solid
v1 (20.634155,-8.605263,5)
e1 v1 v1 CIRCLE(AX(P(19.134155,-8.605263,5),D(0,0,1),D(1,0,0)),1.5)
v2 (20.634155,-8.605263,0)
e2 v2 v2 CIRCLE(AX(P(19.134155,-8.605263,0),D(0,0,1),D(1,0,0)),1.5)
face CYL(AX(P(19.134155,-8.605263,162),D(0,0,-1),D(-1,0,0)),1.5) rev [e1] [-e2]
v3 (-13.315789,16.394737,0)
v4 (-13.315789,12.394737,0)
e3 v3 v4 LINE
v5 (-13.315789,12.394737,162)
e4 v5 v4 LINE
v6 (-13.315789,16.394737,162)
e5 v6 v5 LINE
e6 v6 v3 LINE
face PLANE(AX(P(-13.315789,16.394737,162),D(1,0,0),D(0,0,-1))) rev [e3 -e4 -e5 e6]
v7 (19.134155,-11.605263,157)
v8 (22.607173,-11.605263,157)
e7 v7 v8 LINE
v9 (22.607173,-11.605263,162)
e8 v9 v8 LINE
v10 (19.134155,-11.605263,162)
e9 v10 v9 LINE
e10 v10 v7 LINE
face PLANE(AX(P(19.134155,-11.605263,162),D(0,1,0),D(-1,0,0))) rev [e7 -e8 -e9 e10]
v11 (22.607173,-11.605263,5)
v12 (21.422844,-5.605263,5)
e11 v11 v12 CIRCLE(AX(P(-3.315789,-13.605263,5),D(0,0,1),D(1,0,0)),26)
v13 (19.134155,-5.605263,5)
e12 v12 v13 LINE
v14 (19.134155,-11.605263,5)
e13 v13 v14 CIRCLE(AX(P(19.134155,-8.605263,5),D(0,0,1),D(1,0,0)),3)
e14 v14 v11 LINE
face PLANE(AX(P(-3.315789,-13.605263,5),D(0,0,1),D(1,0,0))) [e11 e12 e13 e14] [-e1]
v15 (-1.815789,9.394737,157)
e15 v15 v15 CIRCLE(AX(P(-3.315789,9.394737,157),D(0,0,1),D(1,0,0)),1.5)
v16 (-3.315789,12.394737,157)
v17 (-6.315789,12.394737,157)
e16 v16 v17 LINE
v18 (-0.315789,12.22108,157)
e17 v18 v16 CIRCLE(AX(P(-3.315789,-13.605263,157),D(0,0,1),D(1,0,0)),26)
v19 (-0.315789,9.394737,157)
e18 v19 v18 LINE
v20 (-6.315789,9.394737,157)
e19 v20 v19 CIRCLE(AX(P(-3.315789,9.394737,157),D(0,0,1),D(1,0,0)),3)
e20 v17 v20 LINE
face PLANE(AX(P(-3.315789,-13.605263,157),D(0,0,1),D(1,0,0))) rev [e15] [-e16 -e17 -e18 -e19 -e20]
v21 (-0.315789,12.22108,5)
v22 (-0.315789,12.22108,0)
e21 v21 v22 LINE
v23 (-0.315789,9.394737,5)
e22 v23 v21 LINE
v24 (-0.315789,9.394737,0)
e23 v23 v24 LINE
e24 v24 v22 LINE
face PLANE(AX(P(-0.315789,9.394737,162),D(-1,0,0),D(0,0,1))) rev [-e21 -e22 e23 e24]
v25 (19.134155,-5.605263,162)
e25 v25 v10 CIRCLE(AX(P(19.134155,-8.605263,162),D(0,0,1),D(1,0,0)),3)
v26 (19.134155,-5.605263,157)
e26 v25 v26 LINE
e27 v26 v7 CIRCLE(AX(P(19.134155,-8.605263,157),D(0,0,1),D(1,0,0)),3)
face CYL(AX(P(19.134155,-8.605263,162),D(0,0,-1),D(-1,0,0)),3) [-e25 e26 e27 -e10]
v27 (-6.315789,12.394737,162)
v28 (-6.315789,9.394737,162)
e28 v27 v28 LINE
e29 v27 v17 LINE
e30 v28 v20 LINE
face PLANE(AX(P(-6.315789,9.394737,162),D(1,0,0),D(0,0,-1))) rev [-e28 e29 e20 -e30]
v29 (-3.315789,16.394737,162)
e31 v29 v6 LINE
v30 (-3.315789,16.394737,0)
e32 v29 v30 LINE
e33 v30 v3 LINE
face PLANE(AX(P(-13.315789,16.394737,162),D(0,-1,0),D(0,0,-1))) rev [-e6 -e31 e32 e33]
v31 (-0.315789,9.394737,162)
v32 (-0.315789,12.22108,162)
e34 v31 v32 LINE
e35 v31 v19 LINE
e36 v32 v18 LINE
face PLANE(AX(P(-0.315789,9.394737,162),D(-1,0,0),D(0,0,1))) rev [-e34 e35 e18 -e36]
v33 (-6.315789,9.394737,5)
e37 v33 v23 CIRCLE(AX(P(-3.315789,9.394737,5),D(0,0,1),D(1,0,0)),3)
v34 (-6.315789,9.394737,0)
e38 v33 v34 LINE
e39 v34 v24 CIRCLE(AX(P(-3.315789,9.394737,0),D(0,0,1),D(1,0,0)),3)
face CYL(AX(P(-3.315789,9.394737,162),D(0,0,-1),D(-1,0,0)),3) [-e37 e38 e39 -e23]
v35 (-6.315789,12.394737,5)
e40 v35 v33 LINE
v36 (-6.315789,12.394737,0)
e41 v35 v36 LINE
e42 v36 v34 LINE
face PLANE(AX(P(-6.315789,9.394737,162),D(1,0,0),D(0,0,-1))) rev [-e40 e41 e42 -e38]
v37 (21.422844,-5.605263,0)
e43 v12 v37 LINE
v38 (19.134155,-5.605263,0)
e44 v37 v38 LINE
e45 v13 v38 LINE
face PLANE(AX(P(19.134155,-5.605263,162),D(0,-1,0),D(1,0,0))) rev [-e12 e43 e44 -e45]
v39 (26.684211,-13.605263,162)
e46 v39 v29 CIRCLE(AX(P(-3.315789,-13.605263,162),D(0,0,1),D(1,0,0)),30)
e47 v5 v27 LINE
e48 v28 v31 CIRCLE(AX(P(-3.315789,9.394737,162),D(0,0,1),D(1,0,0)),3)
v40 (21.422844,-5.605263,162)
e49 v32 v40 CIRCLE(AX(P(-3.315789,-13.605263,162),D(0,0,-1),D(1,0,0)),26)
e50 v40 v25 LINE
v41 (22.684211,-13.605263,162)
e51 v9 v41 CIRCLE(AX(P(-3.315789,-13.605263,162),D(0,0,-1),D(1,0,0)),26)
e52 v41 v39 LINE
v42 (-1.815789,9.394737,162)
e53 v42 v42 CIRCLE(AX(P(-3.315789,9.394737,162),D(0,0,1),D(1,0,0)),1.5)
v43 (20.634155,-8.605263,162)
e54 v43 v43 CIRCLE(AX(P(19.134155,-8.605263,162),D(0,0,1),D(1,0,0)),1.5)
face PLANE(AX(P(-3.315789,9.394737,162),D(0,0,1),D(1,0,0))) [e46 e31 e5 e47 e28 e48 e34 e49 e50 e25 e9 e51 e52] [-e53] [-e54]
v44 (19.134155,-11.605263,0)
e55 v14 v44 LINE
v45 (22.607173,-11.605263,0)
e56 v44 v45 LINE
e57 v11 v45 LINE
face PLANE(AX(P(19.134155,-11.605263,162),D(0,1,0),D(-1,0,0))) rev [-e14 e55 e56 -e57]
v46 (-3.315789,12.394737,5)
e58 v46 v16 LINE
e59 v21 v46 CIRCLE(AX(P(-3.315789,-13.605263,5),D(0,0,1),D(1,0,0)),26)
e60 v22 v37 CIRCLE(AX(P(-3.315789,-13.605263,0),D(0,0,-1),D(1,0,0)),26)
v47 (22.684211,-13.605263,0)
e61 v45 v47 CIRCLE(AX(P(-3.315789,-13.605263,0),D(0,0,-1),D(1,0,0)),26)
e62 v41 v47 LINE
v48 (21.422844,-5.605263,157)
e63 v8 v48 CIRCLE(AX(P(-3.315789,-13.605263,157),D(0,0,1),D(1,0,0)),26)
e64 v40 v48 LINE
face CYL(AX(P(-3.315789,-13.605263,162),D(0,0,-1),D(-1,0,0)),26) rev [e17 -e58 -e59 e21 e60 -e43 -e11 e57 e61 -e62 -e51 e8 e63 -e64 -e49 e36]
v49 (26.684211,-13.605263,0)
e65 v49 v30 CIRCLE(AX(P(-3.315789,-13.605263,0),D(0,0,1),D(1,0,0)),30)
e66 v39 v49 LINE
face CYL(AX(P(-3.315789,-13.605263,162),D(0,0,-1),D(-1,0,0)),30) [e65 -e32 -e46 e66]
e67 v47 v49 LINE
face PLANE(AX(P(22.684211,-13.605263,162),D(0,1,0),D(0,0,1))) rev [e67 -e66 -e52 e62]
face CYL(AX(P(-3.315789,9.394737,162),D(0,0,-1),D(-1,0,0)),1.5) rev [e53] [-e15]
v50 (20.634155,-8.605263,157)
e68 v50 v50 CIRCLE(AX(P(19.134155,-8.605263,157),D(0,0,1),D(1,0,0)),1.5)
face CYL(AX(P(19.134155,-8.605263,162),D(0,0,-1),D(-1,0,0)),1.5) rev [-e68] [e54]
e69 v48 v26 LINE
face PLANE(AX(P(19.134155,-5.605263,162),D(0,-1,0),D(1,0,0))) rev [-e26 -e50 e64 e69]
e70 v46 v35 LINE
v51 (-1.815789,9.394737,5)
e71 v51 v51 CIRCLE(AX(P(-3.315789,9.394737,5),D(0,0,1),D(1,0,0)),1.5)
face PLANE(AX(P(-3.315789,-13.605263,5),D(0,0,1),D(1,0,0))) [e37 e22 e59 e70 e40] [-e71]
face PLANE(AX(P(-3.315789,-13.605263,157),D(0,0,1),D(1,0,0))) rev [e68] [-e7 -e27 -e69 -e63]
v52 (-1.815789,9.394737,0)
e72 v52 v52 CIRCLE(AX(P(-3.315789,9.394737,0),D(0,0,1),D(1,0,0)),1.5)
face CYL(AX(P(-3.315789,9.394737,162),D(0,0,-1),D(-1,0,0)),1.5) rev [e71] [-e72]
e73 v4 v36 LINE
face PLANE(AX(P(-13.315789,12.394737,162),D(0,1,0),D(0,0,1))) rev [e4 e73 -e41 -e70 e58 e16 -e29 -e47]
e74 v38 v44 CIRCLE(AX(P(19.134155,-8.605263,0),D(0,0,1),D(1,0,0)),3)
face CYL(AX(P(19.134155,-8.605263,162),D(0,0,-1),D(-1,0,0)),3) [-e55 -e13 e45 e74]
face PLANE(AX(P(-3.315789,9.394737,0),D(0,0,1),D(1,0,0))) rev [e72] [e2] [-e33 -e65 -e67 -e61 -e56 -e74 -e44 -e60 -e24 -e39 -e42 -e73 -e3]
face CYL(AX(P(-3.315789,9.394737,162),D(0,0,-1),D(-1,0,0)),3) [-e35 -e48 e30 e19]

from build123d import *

# Parameters (mm, degrees)
SKETCH_1_R          = 1.5
EXTRUDE_1_DEPTH     = 162
CUT_EXTRUDE_1_DEPTH = 76


with BuildPart() as part:
    # 草图1 → 凸台-拉伸1 (new body)
    with BuildSketch(Plane.XY):
        with BuildLine():
            Line((-6.315789474, 9.394736842), (-6.315789474, 12.394736842))
            Line((-6.315789474, 12.394736842), (-13.315789474, 12.394736842))
            Line((-13.315789474, 12.394736842), (-13.315789474, 16.394736842))
            Line((-13.315789474, 16.394736842), (-3.315789474, 16.394736842))
            ThreePointArc((-3.315789474, 16.394736842), (17.897413962, 7.607940278), (26.684210526, -13.605263158))
            Line((26.684210526, -13.605263158), (22.684210526, -13.605263158))
            ThreePointArc((22.684210526, -13.605263158), (22.664944086, -12.604521591), (22.60717332, -11.605263158))
            Line((22.60717332, -11.605263158), (19.134154847, -11.605263158))
            ThreePointArc((19.134154847, -11.605263158), (16.134154847, -8.605263158), (19.134154847, -5.605263158))
            Line((19.134154847, -5.605263158), (21.42284428, -5.605263158))
            ThreePointArc((21.42284428, -5.605263158), (13.170646711, 6.499398539), (-0.315789474, 12.221079982))
            Line((-0.315789474, 12.221079982), (-0.315789474, 9.394736842))
            ThreePointArc((-0.315789474, 9.394736842), (-3.315789474, 6.394736842), (-6.315789474, 9.394736842))
        make_face()
        with Locations((-3.315789474, 9.394736842)):
            Circle(SKETCH_1_R, mode=Mode.SUBTRACT)
        with Locations((19.134154847, -8.605263158)):
            Circle(SKETCH_1_R, mode=Mode.SUBTRACT)
    extrude(amount=EXTRUDE_1_DEPTH)

    # 草图3 → 切除-拉伸1 (cut, symmetric)
    with BuildSketch(Plane.XY.offset(81)):
        with BuildLine():
            Line((-3.315789474, 12.394736842), (-13.315789474, 12.394736842))
            Line((-13.315789474, 12.394736842), (-18.728718327, 7.33373453))
            ThreePointArc((-18.728718327, 7.33373453), (4.795500809, -38.307630857), (-3.315789474, 12.394736842))
        make_face()
    extrude(amount=CUT_EXTRUDE_1_DEPTH, both=True, mode=Mode.SUBTRACT)


solid = part.part
